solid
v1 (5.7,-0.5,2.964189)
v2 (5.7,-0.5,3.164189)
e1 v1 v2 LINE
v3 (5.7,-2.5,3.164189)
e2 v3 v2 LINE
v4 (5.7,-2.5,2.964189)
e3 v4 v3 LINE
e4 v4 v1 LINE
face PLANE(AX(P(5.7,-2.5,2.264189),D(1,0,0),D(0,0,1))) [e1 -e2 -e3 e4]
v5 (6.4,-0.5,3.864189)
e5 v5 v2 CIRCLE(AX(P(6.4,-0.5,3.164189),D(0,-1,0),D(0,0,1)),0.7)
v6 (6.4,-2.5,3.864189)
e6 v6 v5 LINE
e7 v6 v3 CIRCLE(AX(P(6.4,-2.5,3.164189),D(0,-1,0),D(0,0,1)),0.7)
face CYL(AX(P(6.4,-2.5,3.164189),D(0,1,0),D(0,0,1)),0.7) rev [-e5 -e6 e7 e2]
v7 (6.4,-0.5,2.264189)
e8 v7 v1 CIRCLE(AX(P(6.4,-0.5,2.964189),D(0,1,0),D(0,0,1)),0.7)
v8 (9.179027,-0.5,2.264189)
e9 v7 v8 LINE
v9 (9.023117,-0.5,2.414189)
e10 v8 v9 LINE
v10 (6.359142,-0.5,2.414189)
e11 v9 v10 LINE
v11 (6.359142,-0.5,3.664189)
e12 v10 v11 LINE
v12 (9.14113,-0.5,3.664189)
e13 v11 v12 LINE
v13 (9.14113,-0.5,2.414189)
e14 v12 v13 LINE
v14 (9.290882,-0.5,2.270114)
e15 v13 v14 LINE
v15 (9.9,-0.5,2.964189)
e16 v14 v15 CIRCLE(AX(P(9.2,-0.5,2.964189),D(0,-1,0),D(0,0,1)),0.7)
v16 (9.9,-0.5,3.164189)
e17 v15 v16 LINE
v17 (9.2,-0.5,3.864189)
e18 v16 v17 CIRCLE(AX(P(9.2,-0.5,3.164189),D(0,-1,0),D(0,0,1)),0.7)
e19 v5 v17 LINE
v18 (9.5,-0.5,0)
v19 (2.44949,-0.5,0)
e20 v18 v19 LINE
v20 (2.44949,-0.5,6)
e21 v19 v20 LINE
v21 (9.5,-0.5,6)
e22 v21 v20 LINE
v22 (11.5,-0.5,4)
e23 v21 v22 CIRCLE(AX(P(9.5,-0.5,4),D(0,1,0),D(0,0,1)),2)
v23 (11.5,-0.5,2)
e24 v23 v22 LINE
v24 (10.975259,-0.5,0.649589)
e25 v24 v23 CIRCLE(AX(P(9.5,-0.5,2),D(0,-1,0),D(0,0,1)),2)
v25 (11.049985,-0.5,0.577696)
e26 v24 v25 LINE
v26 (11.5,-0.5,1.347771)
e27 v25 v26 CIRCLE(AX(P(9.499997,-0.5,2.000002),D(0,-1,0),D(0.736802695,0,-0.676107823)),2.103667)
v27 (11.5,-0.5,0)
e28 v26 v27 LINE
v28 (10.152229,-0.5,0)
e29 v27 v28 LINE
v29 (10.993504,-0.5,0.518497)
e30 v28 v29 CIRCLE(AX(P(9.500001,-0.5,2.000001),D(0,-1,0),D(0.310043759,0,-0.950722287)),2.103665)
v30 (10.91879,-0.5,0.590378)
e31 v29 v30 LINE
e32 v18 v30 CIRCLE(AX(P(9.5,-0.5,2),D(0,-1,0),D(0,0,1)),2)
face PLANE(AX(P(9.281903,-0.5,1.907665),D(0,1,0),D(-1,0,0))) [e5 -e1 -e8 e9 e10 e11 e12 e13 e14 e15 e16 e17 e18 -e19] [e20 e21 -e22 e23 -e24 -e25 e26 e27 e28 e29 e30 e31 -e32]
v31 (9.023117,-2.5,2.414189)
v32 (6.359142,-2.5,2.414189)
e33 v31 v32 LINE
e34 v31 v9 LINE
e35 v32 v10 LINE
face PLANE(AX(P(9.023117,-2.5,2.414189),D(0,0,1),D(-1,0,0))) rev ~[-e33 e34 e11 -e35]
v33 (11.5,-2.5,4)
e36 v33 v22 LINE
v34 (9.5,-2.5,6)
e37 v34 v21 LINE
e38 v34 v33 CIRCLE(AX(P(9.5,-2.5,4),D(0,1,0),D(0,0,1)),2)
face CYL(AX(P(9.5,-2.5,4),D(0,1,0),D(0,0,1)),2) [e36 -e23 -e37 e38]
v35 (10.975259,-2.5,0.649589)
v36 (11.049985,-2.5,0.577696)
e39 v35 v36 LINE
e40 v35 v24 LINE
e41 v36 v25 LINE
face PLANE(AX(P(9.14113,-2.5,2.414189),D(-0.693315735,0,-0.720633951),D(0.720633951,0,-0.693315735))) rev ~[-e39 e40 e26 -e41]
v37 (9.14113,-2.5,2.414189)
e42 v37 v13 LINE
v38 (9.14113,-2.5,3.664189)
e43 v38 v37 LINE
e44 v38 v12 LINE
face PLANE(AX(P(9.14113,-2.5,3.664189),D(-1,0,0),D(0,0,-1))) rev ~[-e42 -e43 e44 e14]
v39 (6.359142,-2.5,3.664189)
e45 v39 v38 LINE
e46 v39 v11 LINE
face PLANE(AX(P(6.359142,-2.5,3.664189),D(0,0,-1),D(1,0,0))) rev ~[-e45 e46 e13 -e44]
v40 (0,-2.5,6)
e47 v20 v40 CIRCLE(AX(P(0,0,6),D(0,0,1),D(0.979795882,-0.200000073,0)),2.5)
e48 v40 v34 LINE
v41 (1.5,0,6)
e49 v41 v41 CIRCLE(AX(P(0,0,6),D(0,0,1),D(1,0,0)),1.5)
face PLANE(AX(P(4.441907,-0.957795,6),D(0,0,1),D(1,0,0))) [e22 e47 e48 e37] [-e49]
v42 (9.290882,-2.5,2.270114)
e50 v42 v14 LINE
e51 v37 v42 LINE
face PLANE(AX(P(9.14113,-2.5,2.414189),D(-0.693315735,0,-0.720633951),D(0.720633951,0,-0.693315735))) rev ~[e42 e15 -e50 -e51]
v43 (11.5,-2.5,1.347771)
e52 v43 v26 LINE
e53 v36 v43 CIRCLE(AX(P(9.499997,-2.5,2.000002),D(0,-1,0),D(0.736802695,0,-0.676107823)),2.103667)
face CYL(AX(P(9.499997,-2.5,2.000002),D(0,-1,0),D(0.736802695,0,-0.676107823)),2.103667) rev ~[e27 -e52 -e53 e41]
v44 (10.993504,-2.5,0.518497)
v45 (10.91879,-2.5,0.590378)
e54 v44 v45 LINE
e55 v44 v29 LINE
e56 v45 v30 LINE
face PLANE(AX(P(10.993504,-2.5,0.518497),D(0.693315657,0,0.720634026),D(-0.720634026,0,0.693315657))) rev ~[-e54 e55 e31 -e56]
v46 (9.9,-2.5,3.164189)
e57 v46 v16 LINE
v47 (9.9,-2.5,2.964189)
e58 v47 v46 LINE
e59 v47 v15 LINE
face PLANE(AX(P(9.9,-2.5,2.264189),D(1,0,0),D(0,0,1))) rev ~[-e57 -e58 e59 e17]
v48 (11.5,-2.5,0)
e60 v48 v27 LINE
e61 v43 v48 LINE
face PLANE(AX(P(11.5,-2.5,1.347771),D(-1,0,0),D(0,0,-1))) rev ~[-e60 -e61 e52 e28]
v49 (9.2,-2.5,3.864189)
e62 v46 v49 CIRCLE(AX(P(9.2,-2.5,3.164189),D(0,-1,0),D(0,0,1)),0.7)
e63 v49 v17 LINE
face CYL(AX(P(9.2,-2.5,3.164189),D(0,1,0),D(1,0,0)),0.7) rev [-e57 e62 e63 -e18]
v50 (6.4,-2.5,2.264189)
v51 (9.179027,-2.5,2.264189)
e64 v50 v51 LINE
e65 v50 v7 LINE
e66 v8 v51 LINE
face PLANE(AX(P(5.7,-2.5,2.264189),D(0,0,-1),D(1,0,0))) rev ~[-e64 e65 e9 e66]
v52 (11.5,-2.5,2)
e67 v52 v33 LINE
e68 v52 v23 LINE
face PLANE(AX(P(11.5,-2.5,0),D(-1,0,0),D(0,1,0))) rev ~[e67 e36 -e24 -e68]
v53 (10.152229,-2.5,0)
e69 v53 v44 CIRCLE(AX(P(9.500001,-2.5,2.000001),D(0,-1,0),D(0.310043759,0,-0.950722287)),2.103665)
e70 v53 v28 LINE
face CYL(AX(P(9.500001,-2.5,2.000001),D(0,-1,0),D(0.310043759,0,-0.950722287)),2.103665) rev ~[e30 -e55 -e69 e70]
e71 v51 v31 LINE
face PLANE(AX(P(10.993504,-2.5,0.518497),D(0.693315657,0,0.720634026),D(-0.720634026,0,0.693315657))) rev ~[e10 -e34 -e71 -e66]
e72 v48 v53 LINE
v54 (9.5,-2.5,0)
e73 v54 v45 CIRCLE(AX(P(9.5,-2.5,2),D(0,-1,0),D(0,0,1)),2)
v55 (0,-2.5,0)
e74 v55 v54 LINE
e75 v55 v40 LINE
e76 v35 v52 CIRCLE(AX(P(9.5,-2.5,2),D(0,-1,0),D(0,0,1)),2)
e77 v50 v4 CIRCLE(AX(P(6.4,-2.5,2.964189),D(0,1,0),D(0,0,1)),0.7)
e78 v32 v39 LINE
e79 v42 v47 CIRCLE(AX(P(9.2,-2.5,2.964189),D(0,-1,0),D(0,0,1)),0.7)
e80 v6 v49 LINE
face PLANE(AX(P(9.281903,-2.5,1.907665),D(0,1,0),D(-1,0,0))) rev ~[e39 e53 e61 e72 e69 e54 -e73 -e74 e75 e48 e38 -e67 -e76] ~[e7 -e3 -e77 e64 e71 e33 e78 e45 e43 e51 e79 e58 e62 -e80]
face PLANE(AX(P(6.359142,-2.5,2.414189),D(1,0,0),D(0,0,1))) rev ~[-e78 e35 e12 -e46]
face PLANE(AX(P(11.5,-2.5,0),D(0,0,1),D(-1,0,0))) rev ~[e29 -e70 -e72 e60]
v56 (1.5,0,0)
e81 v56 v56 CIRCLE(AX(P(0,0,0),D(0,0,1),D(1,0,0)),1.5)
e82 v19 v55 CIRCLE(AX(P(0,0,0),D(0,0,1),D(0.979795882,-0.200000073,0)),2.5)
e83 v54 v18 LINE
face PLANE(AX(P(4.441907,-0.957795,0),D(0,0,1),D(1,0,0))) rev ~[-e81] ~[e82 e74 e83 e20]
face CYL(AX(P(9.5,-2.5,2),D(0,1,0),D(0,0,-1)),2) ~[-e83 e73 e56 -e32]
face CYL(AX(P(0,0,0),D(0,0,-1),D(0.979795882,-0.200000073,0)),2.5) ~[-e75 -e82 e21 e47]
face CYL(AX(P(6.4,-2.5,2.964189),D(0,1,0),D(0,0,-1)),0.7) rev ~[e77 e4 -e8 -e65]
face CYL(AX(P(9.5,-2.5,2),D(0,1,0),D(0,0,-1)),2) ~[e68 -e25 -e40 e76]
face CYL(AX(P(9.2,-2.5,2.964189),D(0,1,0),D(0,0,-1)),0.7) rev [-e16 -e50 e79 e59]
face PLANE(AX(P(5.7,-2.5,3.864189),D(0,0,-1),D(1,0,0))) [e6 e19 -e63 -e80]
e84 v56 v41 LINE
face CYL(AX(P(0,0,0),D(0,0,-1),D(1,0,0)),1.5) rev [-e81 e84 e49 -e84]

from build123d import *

# Parameters (mm, degrees)
SKETCH_R     = 1.5
PAD_DEPTH    = 6
SKETCH001_W  = 4.2
SKETCH001_H  = 1.6
POCKET_DEPTH = 5
FILLET_R     = 2
FILLET001_R  = 0.7
PAD001_DEPTH = 2


with BuildPart() as part:
    # Sketch → Pad (new body)
    with BuildSketch(Plane.XY):
        with BuildLine():
            ThreePointArc((2.44949, -0.5), (-1.581139, 1.936492), (0, -2.5))
            Line((0, -2.5), (11.5, -2.5))
            Line((11.5, -2.5), (11.5, -0.5))
            Line((11.5, -0.5), (2.44949, -0.5))
        make_face()
        Circle(SKETCH_R, mode=Mode.SUBTRACT)
    extrude(amount=PAD_DEPTH)

    # Sketch001 (on Face2 of Pad) → Pocket (cut)
    with BuildSketch(Plane.XZ.offset(2.5)):
        with Locations((7.8, 3.064189)):
            Rectangle(SKETCH001_W, SKETCH001_H)
    extrude(amount=-POCKET_DEPTH, mode=Mode.SUBTRACT)

    # Fillet
    fillet_edges = [part.edges().sort_by_distance(p)[0] for p in [
        (11.5, -1.5, 6),
        (11.5, -1.5, 0),
    ]]
    fillet(fillet_edges, radius=FILLET_R)

    # Fillet001
    fillet001_edges = [part.edges().sort_by_distance(p)[0] for p in [
        (5.7, -1.5, 3.864189),
        (5.7, -1.5, 2.264189),
        (9.9, -1.5, 3.864189),
        (9.9, -1.5, 2.264189),
    ]]
    fillet(fillet001_edges, radius=FILLET001_R)

    # Sketch002 (on Face16 of Fillet001) → Pad001 (join)
    with BuildSketch(Plane.XZ.offset(2.5)):
        with BuildLine():
            Line((6.359142, 3.664189), (9.14113, 3.664189))
            Line((9.14113, 3.664189), (9.14113, 2.414189))
            Line((9.14113, 2.414189), (11.049985, 0.577696))
            ThreePointArc((11.049985, 0.577696), (11.316274, 0.938609), (11.5, 1.347771))
            Line((11.5, 1.347771), (11.5, 0))
            Line((11.5, 0), (10.152229, 0))
            ThreePointArc((10.152229, 0), (10.603745, 0.209148), (10.993504, 0.518497))
            Line((10.993504, 0.518497), (9.023117, 2.414189))
            Line((9.023117, 2.414189), (6.359142, 2.414189))
            Line((6.359142, 2.414189), (6.359142, 3.664189))
        make_face()
    extrude(amount=-PAD001_DEPTH)


solid = part.part
